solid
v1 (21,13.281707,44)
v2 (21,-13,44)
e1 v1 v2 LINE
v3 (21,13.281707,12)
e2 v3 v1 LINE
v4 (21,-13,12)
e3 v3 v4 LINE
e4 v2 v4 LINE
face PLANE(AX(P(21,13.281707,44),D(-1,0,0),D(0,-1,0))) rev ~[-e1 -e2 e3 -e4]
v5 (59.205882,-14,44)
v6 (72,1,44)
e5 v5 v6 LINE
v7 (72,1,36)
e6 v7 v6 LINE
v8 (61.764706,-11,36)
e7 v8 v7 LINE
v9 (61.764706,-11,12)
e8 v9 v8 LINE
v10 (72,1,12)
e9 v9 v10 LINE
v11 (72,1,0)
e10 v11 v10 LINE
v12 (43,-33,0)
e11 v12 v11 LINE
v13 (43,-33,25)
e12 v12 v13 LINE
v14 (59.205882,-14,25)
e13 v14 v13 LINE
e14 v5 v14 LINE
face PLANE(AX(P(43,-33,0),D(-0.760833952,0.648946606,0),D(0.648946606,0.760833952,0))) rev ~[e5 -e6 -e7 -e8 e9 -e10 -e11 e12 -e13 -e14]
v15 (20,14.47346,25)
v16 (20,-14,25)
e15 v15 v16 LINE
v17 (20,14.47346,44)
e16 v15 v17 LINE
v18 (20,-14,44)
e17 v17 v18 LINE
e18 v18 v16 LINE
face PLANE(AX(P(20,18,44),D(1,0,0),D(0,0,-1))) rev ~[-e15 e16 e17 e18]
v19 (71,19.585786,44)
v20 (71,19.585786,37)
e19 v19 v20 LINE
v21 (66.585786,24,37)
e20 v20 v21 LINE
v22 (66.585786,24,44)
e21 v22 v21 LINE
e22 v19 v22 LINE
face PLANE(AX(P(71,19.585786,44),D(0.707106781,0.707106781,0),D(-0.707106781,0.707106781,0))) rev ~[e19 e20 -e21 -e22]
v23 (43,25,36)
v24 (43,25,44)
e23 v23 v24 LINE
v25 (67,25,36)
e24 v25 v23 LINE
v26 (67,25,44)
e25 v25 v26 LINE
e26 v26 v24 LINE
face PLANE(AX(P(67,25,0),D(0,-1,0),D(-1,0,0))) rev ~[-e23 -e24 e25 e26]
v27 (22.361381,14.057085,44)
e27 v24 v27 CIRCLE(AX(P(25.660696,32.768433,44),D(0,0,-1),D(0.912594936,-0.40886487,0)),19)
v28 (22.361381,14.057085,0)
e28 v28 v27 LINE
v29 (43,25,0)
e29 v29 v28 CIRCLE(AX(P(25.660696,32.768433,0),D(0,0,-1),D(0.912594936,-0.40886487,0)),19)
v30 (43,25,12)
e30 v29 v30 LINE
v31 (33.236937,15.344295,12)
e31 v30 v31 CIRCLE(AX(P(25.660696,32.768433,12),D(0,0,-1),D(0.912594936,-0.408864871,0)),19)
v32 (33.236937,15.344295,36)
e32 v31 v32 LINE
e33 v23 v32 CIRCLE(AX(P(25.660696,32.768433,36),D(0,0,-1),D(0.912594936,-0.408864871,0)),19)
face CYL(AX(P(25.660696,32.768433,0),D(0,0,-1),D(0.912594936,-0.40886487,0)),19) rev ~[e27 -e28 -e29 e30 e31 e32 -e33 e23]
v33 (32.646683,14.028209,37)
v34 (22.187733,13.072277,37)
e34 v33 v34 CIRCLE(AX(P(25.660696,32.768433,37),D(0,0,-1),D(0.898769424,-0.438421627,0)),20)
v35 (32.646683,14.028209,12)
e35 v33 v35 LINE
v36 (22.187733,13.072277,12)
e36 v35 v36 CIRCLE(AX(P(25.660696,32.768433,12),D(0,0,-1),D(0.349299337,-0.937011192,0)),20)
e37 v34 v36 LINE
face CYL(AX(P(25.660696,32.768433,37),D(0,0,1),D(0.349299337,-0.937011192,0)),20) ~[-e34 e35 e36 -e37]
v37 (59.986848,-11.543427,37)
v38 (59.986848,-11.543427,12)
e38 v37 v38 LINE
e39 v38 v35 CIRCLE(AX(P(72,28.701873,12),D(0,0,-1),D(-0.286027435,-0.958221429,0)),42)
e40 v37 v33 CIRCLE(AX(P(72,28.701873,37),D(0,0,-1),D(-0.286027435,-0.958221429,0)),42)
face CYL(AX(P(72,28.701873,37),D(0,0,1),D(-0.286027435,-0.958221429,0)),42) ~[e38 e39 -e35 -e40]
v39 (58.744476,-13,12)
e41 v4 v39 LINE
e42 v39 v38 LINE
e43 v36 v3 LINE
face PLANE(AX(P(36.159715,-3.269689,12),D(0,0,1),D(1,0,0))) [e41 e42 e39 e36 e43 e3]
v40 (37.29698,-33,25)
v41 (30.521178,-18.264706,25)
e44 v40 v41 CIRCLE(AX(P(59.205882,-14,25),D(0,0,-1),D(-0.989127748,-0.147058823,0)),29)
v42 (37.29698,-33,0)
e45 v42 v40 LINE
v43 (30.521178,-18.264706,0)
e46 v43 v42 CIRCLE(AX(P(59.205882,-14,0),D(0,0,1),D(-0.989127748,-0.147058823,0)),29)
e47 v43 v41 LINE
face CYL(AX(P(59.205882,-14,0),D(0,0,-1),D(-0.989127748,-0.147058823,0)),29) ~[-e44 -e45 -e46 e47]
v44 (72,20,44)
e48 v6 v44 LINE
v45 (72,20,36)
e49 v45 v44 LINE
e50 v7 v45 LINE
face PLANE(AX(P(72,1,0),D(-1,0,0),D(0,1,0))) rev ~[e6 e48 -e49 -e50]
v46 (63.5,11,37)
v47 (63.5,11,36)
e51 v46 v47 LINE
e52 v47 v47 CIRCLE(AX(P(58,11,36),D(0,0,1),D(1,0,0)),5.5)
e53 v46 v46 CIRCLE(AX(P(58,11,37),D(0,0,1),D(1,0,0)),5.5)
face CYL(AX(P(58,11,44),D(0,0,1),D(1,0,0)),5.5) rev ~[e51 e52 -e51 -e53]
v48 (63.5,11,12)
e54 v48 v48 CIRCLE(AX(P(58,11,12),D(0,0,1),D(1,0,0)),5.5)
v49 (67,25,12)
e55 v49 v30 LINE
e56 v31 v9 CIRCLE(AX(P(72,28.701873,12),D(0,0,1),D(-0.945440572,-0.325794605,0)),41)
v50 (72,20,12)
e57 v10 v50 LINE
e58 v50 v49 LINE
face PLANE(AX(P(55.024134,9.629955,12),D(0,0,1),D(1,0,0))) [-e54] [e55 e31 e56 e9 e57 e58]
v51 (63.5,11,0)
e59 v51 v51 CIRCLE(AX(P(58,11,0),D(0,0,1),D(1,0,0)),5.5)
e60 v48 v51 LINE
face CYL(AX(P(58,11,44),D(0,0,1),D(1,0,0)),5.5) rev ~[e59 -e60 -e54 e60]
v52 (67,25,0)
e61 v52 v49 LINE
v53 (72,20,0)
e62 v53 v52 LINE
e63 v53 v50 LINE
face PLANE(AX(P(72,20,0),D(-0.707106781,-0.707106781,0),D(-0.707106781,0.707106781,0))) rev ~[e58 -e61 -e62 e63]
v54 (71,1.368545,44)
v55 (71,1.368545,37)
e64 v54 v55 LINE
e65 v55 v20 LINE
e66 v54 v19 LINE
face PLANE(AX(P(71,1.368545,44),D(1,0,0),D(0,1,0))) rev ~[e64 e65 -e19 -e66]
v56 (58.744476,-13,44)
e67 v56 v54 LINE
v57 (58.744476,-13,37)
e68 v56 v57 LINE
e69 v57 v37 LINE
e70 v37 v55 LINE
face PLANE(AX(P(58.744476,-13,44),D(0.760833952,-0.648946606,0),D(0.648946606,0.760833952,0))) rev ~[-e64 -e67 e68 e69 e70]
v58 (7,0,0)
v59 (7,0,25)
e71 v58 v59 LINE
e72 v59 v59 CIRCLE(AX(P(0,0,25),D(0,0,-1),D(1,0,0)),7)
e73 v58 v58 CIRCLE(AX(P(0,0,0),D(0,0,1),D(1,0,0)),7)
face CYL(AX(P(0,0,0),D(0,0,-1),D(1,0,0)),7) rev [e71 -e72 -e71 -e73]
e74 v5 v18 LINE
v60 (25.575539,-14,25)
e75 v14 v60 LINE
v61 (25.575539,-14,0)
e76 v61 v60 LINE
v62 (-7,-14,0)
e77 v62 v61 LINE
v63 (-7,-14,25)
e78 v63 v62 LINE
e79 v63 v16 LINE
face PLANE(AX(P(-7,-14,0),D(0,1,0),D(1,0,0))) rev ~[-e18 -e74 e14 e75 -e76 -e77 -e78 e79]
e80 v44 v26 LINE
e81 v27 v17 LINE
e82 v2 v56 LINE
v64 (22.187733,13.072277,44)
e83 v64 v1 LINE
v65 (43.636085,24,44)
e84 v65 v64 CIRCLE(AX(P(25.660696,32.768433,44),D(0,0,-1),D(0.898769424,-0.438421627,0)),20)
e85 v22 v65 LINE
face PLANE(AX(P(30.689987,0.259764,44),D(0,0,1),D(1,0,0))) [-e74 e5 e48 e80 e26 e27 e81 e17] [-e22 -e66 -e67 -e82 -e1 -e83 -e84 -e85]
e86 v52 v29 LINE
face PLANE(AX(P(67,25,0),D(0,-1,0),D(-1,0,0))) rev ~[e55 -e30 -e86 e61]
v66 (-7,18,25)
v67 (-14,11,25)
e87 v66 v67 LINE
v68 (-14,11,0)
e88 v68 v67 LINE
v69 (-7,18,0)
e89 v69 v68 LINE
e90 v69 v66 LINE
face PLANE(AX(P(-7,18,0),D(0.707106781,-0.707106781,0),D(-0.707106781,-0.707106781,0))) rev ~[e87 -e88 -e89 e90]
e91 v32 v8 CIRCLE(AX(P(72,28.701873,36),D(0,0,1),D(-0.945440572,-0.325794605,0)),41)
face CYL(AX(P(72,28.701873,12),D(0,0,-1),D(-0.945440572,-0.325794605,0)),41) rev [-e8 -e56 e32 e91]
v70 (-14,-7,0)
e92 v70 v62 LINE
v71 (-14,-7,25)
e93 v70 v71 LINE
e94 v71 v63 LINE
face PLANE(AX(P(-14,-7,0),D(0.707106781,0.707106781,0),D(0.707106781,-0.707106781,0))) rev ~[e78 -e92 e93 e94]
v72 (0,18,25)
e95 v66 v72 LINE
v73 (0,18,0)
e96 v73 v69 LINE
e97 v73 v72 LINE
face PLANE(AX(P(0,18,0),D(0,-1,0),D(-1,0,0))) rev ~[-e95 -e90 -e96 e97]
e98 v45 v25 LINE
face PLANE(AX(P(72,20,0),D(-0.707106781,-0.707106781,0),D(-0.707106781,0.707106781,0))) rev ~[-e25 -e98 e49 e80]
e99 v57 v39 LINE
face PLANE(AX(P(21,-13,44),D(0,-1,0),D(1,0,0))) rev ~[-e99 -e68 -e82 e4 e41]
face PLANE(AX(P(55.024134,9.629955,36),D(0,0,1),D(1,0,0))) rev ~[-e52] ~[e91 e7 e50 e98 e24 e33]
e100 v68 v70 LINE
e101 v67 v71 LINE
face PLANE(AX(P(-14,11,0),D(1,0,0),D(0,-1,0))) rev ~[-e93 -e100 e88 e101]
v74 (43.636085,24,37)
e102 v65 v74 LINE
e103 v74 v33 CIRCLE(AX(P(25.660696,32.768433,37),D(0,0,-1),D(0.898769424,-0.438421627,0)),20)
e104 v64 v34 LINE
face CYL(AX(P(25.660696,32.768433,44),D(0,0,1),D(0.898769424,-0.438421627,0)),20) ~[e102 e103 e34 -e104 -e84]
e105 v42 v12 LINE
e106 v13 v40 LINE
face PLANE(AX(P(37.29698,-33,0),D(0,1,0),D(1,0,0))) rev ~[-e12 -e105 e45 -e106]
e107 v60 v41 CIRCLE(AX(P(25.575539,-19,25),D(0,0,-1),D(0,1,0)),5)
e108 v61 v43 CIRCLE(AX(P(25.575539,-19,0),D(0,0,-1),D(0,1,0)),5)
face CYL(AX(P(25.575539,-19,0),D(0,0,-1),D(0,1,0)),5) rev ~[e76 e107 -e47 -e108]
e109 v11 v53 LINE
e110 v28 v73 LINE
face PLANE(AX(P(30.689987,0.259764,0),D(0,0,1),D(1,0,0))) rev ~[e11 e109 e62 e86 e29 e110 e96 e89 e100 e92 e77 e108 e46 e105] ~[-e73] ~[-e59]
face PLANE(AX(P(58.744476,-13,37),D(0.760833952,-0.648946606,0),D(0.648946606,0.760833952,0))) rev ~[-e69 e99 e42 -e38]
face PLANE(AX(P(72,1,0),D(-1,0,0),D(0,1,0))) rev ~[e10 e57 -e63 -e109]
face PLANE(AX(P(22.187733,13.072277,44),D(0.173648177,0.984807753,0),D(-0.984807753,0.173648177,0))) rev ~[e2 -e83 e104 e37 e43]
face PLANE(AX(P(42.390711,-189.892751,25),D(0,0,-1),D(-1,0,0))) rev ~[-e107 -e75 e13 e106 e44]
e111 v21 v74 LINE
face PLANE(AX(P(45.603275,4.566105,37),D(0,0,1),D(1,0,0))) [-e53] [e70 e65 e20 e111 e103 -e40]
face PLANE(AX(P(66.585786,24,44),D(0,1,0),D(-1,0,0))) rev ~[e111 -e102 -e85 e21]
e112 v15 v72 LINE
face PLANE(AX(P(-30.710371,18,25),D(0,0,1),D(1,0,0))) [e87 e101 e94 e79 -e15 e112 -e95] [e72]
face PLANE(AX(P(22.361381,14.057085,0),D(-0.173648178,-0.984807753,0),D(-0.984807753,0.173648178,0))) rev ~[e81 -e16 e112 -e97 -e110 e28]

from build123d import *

# Parameters (mm, degrees)
SKETCH1_R               = 7
BOSS_EXTRUDE1_DEPTH     = 44
SKETCH1_2_R             = 7
BOSS_EXTRUDE2_DEPTH     = 44
CUT_EXTRUDE1_DEPTH      = 1
CUT_EXTRUDE1_DEPTH_BACK = 19
SKETCH4_W               = 50.710370583
SKETCH4_H               = 19
CUT_EXTRUDE2_DEPTH      = 52
SKETCH5_R               = 5.5
CUT_EXTRUDE3_DEPTH      = 45
CUT_EXTRUDE4_DEPTH      = 24
CUT_EXTRUDE12_DEPTH     = 7
CUT_EXTRUDE13_DEPTH     = 25


with BuildPart() as part:
    # Sketch1 → Boss-Extrude1 (new body)
    with BuildSketch(Plane.XY):
        with BuildLine():
            Line((-7, -14), (25.575538911, -14))
            ThreePointArc((25.575538911, -14), (28.840774692, -15.213413768), (30.521177653, -18.264705882))
            ThreePointArc((30.521177653, -18.264705882), (32.858007856, -26.115672061), (37.296980053, -33))
            Line((37.296980053, -33), (43, -33))
            Line((43, -33), (72, 1))
            Line((72, 1), (72, 20))
            Line((72, 20), (67, 25))
            Line((67, 25), (43, 25))
            ThreePointArc((43, 25), (34.561098706, 15.982044142), (22.361380836, 14.057085233))
            Line((22.361380836, 14.057085233), (0, 18))
            Line((0, 18), (-7, 18))
            Line((-7, 18), (-14, 11))
            Line((-14, 11), (-14, -7))
            Line((-14, -7), (-7, -14))
        make_face()
        Circle(SKETCH1_R, mode=Mode.SUBTRACT)
    extrude(amount=BOSS_EXTRUDE1_DEPTH)

    # Sketch1_2 → Boss-Extrude2 (add)
    with BuildSketch(Plane.XY):
        with BuildLine():
            Line((-7, -14), (25.575538911, -14))
            ThreePointArc((25.575538911, -14), (28.840774692, -15.213413768), (30.521177653, -18.264705882))
            ThreePointArc((30.521177653, -18.264705882), (32.858007856, -26.115672061), (37.296980053, -33))
            Line((37.296980053, -33), (43, -33))
            Line((43, -33), (72, 1))
            Line((72, 1), (72, 20))
            Line((72, 20), (67, 25))
            Line((67, 25), (43, 25))
            ThreePointArc((43, 25), (34.561098706, 15.982044142), (22.361380836, 14.057085233))
            Line((22.361380836, 14.057085233), (0, 18))
            Line((0, 18), (-7, 18))
            Line((-7, 18), (-14, 11))
            Line((-14, 11), (-14, -7))
            Line((-14, -7), (-7, -14))
        make_face()
        Circle(SKETCH1_2_R, mode=Mode.SUBTRACT)
    extrude(amount=BOSS_EXTRUDE2_DEPTH)

    # Sketch3 → Cut-Extrude1 (cut, two sides)
    with BuildSketch(Plane.XY.offset(44)) as cut_extrude1_sk:
        Polygon((-150.317212119, -14), (25.575538911, -14), (59.205882353, -14), (235.098633383, -14), (235.098633383, -365.78550206), (-150.317212119, -365.78550206), align=None)
    extrude(amount=CUT_EXTRUDE1_DEPTH, mode=Mode.SUBTRACT)
    extrude(cut_extrude1_sk.sketch, amount=-CUT_EXTRUDE1_DEPTH_BACK, mode=Mode.SUBTRACT)

    # Sketch4 → Cut-Extrude2 (cut, through all)
    with BuildSketch(Plane(origin=(0, 18, 0), x_dir=(1, 0, 0), z_dir=(0, 1, 0))):
        with Locations((-5.355185292, -34.5)):
            Rectangle(SKETCH4_W, SKETCH4_H)
    extrude(amount=-CUT_EXTRUDE2_DEPTH, mode=Mode.SUBTRACT)

    # Sketch5 → Cut-Extrude3 (cut, through all)
    with BuildSketch(Plane.XY.offset(44)):
        with Locations((58, 11)):
            Circle(SKETCH5_R)
    extrude(amount=-CUT_EXTRUDE3_DEPTH, mode=Mode.SUBTRACT)

    # Sketch9 → Cut-Extrude4 (cut)
    with BuildSketch(Plane(origin=(0, 0, 12), x_dir=(-1, 0, 0), z_dir=(0, 0, -1))):
        with BuildLine():
            Line((-72, 20), (-67, 25))
            Line((-67, 25), (-43, 25))
            ThreePointArc((-43, 25), (-39.021244343, 19.259333621), (-33.236936549, 15.344294617))
            ThreePointArc((-33.236936549, 15.344294617), (-44.184262982, -1.419294771), (-61.764705882, -11))
            Line((-61.764705882, -11), (-72, 1))
            Line((-72, 1), (-72, 20))
        make_face()
    extrude(amount=-CUT_EXTRUDE4_DEPTH, mode=Mode.SUBTRACT)

    # Sketch16 → Cut-Extrude12 (cut)
    with BuildSketch(Plane.XY.offset(44)):
        with BuildLine():
            Line((21, 13.281706793), (21, -13))
            Line((21, -13), (58.744476296, -13))
            Line((58.744476296, -13), (71, 1.368545033))
            Line((71, 1.368545033), (71, 19.585786438))
            Line((71, 19.585786438), (66.585786438, 24))
            Line((66.585786438, 24), (43.636084685, 24))
            ThreePointArc((43.636084685, 24), (34.740005768, 14.948047079), (22.187732658, 13.07227748))
            Line((22.187732658, 13.07227748), (21, 13.281706793))
        make_face()
    extrude(amount=-CUT_EXTRUDE12_DEPTH, mode=Mode.SUBTRACT)

    # Sketch17 → Cut-Extrude13 (cut)
    with BuildSketch(Plane.XY.offset(37)):
        with BuildLine():
            Line((58.744476296, -13), (59.986847747, -11.543426575))
            ThreePointArc((59.986847747, -11.543426575), (43.310181683, -1.972127362), (32.646682943, 14.028208705))
            ThreePointArc((32.646682943, 14.028208705), (27.481076416, 12.851449437), (22.187732658, 13.07227748))
            Line((22.187732658, 13.07227748), (21, 13.281706793))
            Line((21, 13.281706793), (21, -13))
            Line((21, -13), (58.744476296, -13))
        make_face()
    extrude(amount=-CUT_EXTRUDE13_DEPTH, mode=Mode.SUBTRACT)


solid = part.part
